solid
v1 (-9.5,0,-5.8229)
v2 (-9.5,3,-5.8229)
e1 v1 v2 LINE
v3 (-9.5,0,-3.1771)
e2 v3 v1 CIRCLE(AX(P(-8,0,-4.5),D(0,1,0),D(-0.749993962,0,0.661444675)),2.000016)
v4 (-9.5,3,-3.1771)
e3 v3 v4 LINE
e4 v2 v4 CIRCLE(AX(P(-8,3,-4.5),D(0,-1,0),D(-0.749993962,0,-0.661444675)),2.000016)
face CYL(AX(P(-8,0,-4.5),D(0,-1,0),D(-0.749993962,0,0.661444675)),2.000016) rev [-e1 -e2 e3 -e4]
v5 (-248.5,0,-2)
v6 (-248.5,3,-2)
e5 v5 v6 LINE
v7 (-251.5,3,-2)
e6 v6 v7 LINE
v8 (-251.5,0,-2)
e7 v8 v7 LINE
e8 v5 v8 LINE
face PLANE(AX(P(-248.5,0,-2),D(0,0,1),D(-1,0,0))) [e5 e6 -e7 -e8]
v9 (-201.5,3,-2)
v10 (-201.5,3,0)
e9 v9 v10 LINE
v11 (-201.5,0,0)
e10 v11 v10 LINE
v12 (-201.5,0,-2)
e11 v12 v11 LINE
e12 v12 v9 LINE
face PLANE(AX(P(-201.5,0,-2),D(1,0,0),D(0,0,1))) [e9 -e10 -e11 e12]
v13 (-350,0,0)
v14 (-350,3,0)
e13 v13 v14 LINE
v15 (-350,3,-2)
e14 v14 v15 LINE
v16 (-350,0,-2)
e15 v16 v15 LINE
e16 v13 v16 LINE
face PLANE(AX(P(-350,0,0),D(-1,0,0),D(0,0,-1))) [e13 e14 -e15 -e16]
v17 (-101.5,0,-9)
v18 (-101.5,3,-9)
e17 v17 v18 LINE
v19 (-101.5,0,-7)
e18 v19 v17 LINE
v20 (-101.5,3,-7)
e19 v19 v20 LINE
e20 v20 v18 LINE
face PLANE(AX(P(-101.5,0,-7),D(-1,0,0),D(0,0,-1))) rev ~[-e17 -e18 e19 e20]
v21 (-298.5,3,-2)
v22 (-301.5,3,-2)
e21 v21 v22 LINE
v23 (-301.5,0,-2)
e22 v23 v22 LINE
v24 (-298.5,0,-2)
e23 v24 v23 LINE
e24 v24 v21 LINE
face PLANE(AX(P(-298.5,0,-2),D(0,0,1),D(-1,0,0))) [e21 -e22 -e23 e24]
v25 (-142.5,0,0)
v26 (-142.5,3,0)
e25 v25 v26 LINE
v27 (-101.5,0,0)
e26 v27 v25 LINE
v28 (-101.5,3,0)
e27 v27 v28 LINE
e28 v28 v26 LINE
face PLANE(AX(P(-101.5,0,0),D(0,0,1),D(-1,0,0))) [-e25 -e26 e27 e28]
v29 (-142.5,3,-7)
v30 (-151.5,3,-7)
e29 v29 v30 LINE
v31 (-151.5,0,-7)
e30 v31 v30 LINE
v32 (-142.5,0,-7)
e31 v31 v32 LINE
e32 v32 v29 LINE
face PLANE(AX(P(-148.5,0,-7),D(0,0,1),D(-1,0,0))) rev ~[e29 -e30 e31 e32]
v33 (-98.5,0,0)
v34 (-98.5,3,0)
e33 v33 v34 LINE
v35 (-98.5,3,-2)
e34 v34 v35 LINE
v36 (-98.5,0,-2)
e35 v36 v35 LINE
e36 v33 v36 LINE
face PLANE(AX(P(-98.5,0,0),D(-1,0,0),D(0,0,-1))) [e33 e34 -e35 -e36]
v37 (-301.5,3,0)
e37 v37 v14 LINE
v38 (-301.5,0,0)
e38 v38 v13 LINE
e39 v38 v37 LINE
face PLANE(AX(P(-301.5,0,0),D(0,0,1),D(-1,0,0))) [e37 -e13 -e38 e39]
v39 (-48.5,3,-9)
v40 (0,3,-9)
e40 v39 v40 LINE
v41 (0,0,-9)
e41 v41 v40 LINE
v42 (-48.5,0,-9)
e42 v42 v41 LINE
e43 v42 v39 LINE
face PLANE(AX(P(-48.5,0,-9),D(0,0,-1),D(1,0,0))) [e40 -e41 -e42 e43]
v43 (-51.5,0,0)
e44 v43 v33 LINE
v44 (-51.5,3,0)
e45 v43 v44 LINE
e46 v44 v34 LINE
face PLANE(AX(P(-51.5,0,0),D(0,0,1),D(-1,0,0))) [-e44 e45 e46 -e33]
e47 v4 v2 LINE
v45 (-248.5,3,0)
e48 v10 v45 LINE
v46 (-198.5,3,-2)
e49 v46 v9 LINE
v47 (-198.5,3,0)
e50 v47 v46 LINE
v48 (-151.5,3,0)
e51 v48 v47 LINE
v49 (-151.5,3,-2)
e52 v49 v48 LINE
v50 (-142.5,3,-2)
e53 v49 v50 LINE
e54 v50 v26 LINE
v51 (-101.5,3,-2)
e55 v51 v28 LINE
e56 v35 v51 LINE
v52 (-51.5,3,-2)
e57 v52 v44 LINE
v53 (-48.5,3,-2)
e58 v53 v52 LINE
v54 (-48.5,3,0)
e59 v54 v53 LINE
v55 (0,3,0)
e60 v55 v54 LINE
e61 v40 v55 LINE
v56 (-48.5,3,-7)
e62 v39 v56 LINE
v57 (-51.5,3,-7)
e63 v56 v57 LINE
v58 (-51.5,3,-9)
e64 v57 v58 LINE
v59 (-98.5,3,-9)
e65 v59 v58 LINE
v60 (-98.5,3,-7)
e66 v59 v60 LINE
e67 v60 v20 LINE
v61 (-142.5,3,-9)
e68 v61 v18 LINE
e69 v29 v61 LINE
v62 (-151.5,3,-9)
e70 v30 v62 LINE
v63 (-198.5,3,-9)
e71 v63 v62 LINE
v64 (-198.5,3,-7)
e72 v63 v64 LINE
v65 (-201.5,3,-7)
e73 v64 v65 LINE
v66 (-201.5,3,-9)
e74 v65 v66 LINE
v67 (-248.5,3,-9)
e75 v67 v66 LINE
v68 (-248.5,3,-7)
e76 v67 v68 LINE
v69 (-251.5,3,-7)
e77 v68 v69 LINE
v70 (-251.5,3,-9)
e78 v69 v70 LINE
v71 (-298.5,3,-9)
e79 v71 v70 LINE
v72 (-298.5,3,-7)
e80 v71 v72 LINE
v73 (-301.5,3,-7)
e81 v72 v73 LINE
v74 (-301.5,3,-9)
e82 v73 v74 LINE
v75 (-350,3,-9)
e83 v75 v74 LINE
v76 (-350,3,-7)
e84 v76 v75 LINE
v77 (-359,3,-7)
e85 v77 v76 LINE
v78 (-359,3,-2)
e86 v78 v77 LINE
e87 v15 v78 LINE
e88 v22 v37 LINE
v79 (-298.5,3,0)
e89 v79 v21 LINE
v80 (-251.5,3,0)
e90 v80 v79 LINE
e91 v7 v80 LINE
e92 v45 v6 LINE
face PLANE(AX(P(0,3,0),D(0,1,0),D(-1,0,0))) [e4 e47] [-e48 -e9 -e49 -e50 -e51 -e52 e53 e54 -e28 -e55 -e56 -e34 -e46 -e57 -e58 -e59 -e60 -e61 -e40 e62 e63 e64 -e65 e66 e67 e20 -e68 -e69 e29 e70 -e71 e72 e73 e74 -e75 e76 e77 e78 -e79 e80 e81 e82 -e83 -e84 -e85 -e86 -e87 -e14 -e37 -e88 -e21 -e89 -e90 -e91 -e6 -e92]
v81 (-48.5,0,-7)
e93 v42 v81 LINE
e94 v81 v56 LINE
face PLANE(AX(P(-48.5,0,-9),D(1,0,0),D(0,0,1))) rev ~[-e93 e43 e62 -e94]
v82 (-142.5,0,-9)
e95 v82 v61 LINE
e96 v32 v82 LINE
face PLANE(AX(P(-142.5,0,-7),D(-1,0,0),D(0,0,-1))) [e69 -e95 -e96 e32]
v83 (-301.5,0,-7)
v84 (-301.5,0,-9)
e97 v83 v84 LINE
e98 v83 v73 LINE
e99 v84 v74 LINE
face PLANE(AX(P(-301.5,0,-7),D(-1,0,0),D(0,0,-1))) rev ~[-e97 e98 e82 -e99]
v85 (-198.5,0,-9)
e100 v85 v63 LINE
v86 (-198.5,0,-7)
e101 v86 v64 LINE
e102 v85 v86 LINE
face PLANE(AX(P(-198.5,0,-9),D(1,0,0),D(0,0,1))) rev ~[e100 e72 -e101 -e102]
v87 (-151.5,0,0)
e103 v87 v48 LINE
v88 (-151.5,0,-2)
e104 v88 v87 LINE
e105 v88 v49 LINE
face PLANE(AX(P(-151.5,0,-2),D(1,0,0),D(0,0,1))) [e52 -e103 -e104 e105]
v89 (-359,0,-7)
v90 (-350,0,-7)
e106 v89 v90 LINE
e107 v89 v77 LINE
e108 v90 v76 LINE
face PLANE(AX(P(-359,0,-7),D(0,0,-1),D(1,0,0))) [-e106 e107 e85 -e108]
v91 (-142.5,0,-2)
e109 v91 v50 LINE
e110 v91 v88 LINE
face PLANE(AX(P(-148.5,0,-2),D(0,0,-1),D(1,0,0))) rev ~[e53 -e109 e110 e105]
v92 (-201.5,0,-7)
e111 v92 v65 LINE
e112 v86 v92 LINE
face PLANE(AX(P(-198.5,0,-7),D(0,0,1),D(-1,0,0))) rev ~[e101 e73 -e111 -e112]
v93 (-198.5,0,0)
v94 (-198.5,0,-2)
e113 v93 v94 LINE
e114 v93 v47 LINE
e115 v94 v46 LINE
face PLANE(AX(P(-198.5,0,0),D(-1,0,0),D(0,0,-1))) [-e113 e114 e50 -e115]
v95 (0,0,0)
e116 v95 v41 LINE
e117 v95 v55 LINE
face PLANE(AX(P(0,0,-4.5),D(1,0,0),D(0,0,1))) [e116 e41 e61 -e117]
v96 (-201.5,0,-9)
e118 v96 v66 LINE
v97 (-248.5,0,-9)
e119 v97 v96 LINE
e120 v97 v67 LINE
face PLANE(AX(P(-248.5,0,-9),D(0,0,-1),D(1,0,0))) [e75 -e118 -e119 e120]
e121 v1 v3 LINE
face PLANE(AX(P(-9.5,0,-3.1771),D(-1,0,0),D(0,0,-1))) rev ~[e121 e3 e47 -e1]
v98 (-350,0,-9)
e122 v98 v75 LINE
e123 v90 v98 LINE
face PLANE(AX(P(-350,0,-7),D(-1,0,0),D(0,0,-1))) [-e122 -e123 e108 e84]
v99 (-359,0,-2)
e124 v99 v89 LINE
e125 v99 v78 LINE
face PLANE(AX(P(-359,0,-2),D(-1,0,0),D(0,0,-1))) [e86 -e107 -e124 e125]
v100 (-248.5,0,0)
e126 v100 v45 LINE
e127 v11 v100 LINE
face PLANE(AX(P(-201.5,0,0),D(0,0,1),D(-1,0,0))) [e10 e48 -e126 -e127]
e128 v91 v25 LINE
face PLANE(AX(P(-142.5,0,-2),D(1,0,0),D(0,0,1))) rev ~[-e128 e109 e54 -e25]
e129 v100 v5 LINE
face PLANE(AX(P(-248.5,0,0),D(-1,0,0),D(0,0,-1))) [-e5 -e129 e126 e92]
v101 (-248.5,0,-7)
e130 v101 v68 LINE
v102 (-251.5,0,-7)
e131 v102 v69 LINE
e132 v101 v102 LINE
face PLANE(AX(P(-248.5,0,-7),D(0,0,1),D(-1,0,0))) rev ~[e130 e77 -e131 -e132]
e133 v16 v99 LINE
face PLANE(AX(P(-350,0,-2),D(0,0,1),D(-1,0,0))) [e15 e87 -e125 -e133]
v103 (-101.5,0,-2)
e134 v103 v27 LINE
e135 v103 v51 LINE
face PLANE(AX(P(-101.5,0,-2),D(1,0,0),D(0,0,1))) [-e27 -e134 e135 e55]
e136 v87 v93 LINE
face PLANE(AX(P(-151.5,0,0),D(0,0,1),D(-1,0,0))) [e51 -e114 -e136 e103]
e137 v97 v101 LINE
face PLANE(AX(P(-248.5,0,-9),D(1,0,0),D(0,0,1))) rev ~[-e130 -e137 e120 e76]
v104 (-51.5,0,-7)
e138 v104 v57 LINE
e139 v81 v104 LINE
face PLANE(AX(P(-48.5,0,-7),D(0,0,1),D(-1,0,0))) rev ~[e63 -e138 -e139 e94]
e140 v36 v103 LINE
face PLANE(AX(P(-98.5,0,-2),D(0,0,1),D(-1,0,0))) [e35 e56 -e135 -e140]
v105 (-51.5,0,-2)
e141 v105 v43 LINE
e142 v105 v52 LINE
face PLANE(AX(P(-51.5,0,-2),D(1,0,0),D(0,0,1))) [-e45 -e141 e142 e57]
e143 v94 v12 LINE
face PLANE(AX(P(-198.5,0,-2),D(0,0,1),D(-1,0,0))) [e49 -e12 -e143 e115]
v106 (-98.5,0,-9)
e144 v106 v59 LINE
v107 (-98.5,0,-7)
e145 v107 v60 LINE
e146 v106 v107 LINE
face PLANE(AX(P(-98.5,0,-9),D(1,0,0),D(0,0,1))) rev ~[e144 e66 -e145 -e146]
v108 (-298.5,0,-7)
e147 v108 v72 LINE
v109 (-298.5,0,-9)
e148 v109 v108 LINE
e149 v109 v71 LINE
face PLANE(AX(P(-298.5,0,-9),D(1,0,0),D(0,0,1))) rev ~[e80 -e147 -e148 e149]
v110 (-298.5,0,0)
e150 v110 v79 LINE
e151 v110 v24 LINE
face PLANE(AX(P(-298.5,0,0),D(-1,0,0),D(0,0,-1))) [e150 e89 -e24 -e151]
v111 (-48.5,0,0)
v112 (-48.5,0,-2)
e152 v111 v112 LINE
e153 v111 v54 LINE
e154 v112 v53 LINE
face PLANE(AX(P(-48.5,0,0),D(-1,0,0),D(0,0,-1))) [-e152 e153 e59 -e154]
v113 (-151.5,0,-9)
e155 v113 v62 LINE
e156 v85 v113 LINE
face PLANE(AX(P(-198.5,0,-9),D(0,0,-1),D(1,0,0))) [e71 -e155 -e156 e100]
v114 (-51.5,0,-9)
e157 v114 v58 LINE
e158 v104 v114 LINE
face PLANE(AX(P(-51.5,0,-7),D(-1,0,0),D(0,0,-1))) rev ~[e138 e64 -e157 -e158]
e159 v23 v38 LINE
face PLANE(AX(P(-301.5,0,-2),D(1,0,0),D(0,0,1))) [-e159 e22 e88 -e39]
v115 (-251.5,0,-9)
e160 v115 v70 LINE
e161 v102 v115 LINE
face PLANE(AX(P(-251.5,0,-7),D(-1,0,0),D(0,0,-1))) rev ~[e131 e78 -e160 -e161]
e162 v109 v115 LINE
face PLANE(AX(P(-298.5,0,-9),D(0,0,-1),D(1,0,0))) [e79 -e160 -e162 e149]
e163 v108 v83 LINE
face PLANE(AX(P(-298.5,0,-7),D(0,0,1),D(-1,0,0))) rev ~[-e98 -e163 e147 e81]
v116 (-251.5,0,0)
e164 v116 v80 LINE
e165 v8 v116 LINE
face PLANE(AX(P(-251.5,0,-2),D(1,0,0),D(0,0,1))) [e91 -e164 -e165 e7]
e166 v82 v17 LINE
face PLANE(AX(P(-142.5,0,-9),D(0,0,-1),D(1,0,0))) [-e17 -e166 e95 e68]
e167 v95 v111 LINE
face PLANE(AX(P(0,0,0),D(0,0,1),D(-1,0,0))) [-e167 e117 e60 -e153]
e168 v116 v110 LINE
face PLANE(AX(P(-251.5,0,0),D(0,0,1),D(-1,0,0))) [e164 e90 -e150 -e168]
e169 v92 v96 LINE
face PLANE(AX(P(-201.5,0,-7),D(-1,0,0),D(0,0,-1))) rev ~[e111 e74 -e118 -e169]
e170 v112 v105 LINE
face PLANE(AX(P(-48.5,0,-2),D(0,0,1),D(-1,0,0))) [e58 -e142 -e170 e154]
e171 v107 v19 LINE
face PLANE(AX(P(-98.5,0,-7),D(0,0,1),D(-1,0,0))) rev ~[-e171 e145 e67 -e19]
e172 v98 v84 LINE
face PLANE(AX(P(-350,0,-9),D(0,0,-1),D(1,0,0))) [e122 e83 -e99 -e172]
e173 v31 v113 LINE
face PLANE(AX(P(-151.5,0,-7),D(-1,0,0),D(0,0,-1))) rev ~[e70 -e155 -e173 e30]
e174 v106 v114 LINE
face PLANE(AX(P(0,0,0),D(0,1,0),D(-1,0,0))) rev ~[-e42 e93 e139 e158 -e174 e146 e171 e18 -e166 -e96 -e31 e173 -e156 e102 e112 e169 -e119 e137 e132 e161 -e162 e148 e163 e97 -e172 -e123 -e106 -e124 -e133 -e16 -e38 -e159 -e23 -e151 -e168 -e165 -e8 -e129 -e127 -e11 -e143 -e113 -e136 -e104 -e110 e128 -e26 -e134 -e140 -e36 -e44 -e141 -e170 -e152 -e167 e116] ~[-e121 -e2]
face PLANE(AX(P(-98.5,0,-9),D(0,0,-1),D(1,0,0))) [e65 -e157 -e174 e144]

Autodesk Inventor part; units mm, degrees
ref_plane "YZ Plane" through (0, 0, 0) normal (1, 0, 0) x (0, 1, 0)
ref_plane "XZ Plane" through (0, 0, 0) normal (0, 1, 0) x (-1, 0, 0)
ref_plane "XY Plane" through (0, 0, 0) normal (0, 0, 1) x (1, 0, 0)
sketch "草圖1" plane through (0, 0, 0) normal (0, 1, 0) x (-1, 0, 0)
  line L0 (0, 0) -> (350, 0)
  line L1 (350, 0) -> (350, -9)
  line L2 (350, -9) -> (0, -9)
  line L3 (0, -9) -> (0, 0)
  arc A0 (9.5, -3.1771) -> (9.5, -5.8229) centre (8, -4.5) ccw
  line L4 (0, -4.5) -> (350, -4.5)
  line L5 (301.5, -9) -> (298.5, -9)
  line L6 (298.5, -9) -> (298.5, -7)
  line L7 (298.5, -7) -> (301.5, -7)
  line L8 (301.5, -7) -> (301.5, -9)
  line L9 (298.5, 0) -> (298.5, -2)
  line L10 (298.5, -2) -> (301.5, -2)
  line L11 (301.5, -2) -> (301.5, 0)
  line L12 (248.5, -9) -> (248.5, -7)
  line L13 (248.5, -7) -> (251.5, -7)
  line L14 (251.5, -7) -> (251.5, -9)
  line L15 (248.5, 0) -> (248.5, -2)
  line L16 (248.5, -2) -> (251.5, -2)
  line L17 (251.5, -2) -> (251.5, 0)
  line L18 (198.5, -9) -> (198.5, -7)
  line L19 (198.5, -7) -> (201.5, -7)
  line L20 (201.5, -7) -> (201.5, -9)
  line L21 (198.5, 0) -> (198.5, -2)
  line L22 (198.5, -2) -> (201.5, -2)
  line L23 (201.5, -2) -> (201.5, 0)
  line L24 (148.5, -9) -> (148.5, -7)
  line L25 (148.5, -7) -> (151.5, -7)
  line L26 (151.5, -7) -> (151.5, -9)
  line L27 (148.5, 0) -> (148.5, -2)
  line L28 (148.5, -2) -> (151.5, -2)
  line L29 (151.5, -2) -> (151.5, 0)
  line L30 (98.5, -9) -> (98.5, -7)
  line L31 (98.5, -7) -> (101.5, -7)
  line L32 (101.5, -7) -> (101.5, -9)
  line L33 (98.5, 0) -> (98.5, -2)
  line L34 (98.5, -2) -> (101.5, -2)
  line L35 (101.5, -2) -> (101.5, 0)
  line L36 (48.5, -9) -> (48.5, -7)
  line L37 (48.5, -7) -> (51.5, -7)
  line L38 (51.5, -7) -> (51.5, -9)
  line L39 (48.5, 0) -> (48.5, -2)
  line L40 (48.5, -2) -> (51.5, -2)
  line L41 (51.5, -2) -> (51.5, 0)
  line L42 (350, -2) -> (359, -2)
  line L43 (359, -2) -> (359, -7)
  line L44 (359, -7) -> (350, -7)
  line L45 (350, -7) -> (350, -2)
  line L46 (9.5, -3.1771) -> (9.5, -5.8229)
  line L47 (148.5, -2) -> (142.5, -2)
  line L48 (142.5, -2) -> (142.5, 0)
  line L49 (148.5, -7) -> (142.5, -7)
  line L50 (142.5, -7) -> (142.5, -9)
  point P0 (300, -9)
  point P1 (301.5, 0)
  point P2 (298.5, 0)
  point P3 (251.5, 0)
  point P4 (248.5, 0)
  point P5 (201.5, 0)
  point P6 (198.5, 0)
  point P7 (151.5, 0)
  point P8 (148.5, 0)
  point P9 (101.5, 0)
  point P10 (98.5, 0)
  point P11 (51.5, 0)
  point P12 (48.5, 0)
  point P13 (48.5, -9)
  point P14 (51.5, -9)
  point P15 (98.5, -9)
  point P16 (101.5, -9)
  point P17 (148.5, -9)
  point P18 (151.5, -9)
  point P19 (198.5, -9)
  point P20 (201.5, -9)
  point P21 (248.5, -9)
  point P22 (251.5, -9)
  point P23 (298.5, -9)
  point P24 (301.5, -9)
  dimension "d0" = 350
  dimension "d1" = 9
  dimension "d2" = 4
  dimension "d3" = 8
  dimension "d4" = 3
  dimension "d5" = 2
  dimension "d6" = 50
  dimension "d9" = 50
  dimension "d14" = 5
  dimension "d15" = 9
  dimension "d16" = 1.5
  dimension "d19" = 6
  dimension "d20" = 6
extrude "擠出1" add sketch "草圖1" along normal blind 3 contours L0 L39 L40 L41 L33 L34 L35 L48 L47 L28 L29 L21 L22 L23 L15 L16 L17 L9 L10 L11 L1 L4 L46 A0 L3 | L4 A0 L46 L1 L2 L8 L7 L6 L14 L13 L12 L20 L19 L18 L26 L25 L49 L50 L32 L31 L30 L38 L37 L36 L3 | L1 L42 L43 L44
properties part number "main_Bar_3" material "MDF Medium Density Fiberboard"
